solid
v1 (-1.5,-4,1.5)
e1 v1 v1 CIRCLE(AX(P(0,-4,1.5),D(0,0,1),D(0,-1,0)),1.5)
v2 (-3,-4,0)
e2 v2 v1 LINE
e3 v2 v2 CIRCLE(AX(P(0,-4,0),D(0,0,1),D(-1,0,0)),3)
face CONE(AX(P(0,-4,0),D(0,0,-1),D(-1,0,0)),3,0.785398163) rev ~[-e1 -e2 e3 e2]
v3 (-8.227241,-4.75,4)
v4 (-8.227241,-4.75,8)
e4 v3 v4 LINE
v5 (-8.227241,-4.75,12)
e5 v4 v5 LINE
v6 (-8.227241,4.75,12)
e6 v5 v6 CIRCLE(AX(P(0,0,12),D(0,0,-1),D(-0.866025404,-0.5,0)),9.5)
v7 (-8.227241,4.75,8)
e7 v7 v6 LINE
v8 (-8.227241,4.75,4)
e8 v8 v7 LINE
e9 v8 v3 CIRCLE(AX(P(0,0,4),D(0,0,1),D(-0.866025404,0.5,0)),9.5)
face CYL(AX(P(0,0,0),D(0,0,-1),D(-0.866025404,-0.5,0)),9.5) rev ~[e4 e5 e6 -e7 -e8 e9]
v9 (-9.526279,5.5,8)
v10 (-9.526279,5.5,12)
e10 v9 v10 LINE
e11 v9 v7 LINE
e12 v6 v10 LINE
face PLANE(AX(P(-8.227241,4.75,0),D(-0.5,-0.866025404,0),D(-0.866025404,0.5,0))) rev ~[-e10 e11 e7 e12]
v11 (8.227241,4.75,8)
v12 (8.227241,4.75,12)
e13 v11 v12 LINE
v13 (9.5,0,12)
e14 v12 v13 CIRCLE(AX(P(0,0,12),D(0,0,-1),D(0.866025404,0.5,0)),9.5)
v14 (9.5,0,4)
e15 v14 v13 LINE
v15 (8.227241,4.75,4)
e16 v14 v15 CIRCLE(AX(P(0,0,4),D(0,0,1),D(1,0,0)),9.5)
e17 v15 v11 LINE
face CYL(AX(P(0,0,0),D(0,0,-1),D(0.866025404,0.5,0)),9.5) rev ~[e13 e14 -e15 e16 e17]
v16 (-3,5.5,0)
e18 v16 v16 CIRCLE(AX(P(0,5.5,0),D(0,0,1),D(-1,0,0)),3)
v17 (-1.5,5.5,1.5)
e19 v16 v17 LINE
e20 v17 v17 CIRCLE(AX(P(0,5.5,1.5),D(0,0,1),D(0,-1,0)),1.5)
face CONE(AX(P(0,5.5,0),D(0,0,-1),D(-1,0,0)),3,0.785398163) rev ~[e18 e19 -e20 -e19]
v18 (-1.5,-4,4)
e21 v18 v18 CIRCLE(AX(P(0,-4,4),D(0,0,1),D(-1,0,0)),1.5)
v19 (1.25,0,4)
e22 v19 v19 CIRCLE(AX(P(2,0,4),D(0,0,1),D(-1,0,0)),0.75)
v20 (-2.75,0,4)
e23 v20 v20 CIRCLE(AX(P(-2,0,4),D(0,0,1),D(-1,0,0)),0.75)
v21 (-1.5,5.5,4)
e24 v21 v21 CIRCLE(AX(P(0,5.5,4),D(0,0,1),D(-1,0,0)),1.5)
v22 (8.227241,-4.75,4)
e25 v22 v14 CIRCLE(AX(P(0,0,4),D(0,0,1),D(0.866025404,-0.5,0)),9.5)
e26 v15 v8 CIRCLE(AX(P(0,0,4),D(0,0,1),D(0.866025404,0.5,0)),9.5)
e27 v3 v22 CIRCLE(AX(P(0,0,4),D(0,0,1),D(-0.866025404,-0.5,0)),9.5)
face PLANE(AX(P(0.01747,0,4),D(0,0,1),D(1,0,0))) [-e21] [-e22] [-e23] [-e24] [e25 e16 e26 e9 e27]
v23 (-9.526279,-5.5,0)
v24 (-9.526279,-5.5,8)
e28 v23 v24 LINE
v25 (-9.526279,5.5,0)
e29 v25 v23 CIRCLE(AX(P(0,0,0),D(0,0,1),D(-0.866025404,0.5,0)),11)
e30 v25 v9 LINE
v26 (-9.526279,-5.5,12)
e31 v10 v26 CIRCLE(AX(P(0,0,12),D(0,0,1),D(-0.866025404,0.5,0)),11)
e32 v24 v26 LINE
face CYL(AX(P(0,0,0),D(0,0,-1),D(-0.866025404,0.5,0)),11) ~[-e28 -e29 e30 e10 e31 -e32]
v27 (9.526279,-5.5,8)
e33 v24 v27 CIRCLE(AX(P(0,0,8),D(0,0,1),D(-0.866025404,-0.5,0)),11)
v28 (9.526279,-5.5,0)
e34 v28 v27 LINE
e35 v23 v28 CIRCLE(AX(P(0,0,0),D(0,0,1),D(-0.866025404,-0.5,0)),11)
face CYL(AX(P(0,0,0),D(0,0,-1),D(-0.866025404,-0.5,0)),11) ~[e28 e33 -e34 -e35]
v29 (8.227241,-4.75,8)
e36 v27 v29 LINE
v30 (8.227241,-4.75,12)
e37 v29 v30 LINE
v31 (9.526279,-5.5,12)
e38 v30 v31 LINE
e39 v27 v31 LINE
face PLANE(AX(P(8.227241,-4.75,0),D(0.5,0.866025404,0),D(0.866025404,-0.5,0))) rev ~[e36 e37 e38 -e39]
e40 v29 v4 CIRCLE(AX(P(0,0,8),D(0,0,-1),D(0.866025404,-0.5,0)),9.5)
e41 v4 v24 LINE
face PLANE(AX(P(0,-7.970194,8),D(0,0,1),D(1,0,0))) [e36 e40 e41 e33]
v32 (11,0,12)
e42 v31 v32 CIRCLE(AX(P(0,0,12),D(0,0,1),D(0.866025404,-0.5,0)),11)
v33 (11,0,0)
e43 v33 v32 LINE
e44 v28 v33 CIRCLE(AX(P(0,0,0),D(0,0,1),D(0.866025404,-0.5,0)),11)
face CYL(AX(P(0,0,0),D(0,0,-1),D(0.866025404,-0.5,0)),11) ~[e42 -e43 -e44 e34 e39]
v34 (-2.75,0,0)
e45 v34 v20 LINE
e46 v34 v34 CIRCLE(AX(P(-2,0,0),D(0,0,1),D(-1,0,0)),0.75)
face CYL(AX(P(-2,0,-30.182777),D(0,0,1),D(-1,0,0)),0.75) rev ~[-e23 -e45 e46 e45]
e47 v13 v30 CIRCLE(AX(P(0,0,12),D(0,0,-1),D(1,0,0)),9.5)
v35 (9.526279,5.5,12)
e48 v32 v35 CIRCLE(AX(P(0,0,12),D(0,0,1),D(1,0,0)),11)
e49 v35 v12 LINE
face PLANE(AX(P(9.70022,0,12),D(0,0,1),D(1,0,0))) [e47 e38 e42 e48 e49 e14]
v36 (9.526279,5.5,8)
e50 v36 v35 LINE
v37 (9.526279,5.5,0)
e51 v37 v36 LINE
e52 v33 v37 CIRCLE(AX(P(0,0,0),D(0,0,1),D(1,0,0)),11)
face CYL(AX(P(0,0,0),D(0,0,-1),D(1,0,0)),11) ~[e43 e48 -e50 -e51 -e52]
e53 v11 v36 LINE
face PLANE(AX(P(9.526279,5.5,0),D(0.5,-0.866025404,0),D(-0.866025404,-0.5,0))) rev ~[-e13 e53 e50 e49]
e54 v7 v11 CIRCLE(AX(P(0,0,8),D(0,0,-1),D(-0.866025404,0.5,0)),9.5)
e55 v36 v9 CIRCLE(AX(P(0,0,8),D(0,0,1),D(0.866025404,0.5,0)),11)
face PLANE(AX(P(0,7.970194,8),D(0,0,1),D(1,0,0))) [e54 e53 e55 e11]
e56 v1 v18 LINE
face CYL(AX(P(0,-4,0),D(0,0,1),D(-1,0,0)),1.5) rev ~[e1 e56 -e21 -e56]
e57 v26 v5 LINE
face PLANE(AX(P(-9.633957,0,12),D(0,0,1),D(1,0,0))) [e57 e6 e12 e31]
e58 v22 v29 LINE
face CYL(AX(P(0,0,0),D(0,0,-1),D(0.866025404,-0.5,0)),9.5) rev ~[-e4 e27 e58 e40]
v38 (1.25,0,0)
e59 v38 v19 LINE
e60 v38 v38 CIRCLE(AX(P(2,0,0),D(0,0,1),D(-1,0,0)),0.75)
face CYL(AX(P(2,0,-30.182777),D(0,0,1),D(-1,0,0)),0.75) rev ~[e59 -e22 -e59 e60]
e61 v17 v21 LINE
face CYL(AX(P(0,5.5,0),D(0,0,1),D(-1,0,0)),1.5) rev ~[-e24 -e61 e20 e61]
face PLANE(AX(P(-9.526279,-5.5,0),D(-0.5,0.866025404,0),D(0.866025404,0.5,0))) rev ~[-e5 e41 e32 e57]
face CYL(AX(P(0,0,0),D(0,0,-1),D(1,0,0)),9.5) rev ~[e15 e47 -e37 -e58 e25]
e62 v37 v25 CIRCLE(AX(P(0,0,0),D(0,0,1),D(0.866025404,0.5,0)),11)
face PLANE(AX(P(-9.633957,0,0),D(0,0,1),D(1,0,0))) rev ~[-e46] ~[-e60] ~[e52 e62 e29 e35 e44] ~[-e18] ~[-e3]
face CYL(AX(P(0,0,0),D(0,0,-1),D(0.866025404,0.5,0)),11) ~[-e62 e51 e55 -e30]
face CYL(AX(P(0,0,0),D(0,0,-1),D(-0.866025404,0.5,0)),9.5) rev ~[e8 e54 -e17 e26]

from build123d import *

# Parameters (mm, degrees)
F1_DEPTH       = 8
F2_DEPTH       = 4
F3_D           = 1.5
F4_DEPTH       = 12
F5_D           = 3
F5_CSINK_D     = 6
F5_CSINK_ANGLE = 90


with BuildPart() as f1:
    # F0 (on Top) → F1 (new body)
    with BuildSketch(Plane.XY):
        with BuildLine():
            Line((8.227241336, 4.75), (9.5262794416, 5.5))
            ThreePointArc((9.5262794416, 5.5), (0, 11), (-9.5262794416, 5.5))
            Line((-9.5262794416, 5.5), (-8.227241336, 4.75))
            ThreePointArc((-8.227241336, 4.75), (0, 9.5), (8.227241336, 4.75))
        make_face()
    extrude(amount=F1_DEPTH)



with BuildPart() as f1b:
    # F0 (on Top) → F1, piece 2 (new body)
    with BuildSketch(Plane.XY):
        with BuildLine():
            ThreePointArc((-9.5262794416, -5.5), (0, -11), (9.5262794416, -5.5))
            Line((9.5262794416, -5.5), (8.227241336, -4.75))
            ThreePointArc((8.227241336, -4.75), (0, -9.5), (-8.227241336, -4.75))
            Line((-8.227241336, -4.75), (-9.5262794416, -5.5))
        make_face()
    extrude(amount=F1_DEPTH)


with BuildPart() as f1_1:
    add(f1.part)

    add(f1b.part)  # F2 merges F1b
    # F0 (on Top) → F2 (join)
    with BuildSketch(Plane.XY):
        with BuildLine():
            ThreePointArc((9.5, 0), (9.1762953497, 2.4587809285), (8.227241336, 4.75))
            ThreePointArc((8.227241336, 4.75), (0, 9.5), (-8.227241336, 4.75))
            ThreePointArc((-8.227241336, 4.75), (-9.5, 0), (-8.227241336, -4.75))
            ThreePointArc((-8.227241336, -4.75), (0, -9.5), (8.227241336, -4.75))
            ThreePointArc((8.227241336, -4.75), (9.1762953497, -2.4587809285), (9.5, 0))
        make_face()
    extrude(amount=F2_DEPTH)

    # F3 (through all)
    with Locations(Plane(origin=(0, 0, 0), x_dir=(1, 0, 0), z_dir=(0, 0, -1))):
        with Locations((2, 0), (-2, 0)):
            Hole(F3_D / 2)

    # F0 (on Top) → F4 (join)
    with BuildSketch(Plane.XY):
        with BuildLine():
            Line((-8.227241336, 4.75), (-9.5262794416, 5.5))
            ThreePointArc((-9.5262794416, 5.5), (-11, 0), (-9.5262794416, -5.5))
            Line((-9.5262794416, -5.5), (-8.227241336, -4.75))
            ThreePointArc((-8.227241336, -4.75), (-9.5, 0), (-8.227241336, 4.75))
        make_face()
        with BuildLine():
            ThreePointArc((9.5262794416, -5.5), (10.6251840892, -2.8470094961), (11, 0))
            ThreePointArc((11, 0), (10.6251840892, 2.8470094961), (9.5262794416, 5.5))
            Line((9.5262794416, 5.5), (8.227241336, 4.75))
            ThreePointArc((8.227241336, 4.75), (9.1762953497, 2.4587809285), (9.5, 0))
            ThreePointArc((9.5, 0), (9.1762953497, -2.4587809285), (8.227241336, -4.75))
            Line((8.227241336, -4.75), (9.5262794416, -5.5))
        make_face()
    extrude(amount=F4_DEPTH)

    # F5 (through all)
    with Locations(Plane(origin=(0, 0, 0), x_dir=(1, 0, 0), z_dir=(0, 0, -1))):
        with Locations((0, 4), (0, -5.5)):
            CounterSinkHole(F5_D / 2, F5_CSINK_D / 2, counter_sink_angle=F5_CSINK_ANGLE)


solid = f1_1.part
